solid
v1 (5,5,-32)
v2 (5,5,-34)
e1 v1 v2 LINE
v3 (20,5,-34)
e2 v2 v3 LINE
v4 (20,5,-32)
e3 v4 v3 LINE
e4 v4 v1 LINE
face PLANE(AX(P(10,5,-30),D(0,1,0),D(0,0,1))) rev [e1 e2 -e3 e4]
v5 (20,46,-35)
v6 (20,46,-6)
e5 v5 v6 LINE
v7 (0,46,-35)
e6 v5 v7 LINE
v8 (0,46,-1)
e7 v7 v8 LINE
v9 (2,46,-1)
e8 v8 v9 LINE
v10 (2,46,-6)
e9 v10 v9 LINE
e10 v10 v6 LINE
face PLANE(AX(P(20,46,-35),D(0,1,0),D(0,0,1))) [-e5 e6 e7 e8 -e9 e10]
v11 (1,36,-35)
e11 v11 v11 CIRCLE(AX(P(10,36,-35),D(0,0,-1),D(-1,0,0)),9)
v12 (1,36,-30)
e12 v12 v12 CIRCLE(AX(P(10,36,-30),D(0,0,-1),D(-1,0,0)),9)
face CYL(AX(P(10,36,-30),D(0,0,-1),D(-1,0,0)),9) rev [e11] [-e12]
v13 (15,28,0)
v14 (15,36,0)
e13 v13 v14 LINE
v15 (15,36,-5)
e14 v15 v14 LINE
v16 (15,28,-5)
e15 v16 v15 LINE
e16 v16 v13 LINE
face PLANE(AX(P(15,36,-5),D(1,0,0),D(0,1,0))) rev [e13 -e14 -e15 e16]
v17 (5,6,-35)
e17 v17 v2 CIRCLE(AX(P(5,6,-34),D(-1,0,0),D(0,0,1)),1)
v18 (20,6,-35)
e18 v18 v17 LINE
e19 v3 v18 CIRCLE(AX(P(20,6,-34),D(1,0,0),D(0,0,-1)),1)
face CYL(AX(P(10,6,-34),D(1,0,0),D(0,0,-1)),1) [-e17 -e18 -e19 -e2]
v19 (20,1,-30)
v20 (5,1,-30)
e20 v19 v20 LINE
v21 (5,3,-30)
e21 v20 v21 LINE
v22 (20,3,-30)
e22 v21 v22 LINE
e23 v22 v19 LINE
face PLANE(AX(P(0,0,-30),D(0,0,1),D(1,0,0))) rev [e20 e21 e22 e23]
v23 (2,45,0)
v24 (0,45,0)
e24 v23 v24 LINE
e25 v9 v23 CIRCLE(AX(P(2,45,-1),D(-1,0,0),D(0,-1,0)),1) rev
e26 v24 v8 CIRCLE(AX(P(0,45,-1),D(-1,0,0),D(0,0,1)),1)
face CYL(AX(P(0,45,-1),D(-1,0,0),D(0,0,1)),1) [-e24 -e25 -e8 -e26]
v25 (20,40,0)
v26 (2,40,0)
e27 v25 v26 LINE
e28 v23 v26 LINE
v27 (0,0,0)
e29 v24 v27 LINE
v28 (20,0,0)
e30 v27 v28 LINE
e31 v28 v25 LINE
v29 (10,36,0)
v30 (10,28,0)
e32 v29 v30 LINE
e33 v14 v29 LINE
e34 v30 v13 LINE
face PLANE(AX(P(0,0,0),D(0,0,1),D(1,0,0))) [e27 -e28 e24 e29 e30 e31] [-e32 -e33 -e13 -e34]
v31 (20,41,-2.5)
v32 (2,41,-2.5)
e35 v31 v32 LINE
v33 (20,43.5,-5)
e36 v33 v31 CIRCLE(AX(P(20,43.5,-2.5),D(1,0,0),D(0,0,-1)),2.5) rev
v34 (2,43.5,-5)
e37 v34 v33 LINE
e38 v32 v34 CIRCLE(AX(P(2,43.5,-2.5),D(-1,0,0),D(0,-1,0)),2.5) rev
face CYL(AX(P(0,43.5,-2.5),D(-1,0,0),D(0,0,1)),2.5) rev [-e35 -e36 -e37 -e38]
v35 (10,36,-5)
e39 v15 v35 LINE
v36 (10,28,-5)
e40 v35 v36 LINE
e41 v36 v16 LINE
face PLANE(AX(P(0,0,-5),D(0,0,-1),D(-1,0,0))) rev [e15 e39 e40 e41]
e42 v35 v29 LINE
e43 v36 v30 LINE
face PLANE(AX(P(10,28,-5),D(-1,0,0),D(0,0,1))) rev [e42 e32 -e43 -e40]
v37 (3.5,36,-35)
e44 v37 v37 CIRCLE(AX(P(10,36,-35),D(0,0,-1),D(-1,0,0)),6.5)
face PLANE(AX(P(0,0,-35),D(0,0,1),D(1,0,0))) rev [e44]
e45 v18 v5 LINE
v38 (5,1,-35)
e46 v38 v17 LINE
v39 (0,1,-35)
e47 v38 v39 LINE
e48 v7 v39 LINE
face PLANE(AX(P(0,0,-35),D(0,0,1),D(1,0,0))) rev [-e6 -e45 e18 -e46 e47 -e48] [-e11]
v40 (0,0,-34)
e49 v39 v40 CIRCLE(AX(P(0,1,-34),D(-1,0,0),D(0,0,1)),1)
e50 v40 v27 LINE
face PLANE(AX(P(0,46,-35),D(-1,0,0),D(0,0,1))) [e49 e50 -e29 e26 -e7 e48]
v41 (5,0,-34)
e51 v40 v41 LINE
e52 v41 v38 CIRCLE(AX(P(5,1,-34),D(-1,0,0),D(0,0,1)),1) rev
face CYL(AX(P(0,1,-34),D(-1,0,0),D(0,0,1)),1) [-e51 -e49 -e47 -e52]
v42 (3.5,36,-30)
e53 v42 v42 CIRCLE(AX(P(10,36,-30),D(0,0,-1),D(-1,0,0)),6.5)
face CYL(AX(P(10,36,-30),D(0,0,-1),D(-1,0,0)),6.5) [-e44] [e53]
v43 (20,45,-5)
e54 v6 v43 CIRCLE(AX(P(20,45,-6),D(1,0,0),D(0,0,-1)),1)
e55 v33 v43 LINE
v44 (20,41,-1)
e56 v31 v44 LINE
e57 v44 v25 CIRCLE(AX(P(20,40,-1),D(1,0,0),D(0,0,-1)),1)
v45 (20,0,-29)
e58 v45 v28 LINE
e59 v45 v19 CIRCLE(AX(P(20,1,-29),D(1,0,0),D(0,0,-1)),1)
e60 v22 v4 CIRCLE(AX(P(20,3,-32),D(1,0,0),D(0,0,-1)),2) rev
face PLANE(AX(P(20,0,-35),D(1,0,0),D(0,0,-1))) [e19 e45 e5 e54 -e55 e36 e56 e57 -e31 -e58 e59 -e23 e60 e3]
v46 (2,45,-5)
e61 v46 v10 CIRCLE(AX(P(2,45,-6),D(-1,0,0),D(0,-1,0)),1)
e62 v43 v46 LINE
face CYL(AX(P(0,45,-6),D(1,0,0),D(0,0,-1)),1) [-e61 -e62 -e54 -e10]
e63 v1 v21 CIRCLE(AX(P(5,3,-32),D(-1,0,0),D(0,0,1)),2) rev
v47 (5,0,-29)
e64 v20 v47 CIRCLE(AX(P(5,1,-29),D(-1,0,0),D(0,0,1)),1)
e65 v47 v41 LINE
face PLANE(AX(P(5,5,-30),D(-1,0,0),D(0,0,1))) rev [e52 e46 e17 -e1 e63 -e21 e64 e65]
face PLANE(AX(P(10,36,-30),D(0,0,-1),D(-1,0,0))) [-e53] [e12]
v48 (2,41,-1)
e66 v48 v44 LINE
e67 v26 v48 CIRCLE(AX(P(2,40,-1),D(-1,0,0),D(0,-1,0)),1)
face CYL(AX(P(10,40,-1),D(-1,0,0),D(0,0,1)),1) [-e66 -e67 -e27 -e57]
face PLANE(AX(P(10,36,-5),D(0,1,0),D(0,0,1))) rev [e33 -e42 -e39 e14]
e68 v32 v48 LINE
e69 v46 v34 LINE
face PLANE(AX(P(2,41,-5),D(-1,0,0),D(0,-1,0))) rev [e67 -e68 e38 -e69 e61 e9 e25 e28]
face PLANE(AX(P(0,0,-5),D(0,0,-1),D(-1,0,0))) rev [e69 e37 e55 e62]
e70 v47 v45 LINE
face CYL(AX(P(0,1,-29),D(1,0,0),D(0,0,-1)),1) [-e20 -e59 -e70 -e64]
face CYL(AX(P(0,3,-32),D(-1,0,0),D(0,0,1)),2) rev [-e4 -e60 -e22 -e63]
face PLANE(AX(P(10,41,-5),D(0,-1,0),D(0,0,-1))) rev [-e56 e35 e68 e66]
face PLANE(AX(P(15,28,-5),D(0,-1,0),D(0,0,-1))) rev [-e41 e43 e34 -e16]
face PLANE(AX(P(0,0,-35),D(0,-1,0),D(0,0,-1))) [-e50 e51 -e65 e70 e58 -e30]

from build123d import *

# Parameters (mm, degrees)
SKETCH1_W           = 20
SKETCH1_H           = 46
BOSS_EXTRUDE1_DEPTH = 35
SKETCH2_W           = 5
SKETCH2_H           = 8
CUT_EXTRUDE1_DEPTH  = 5
FILLET1_R           = 2.5
FILLET2_R           = 1
FILLET3_R           = 1
SKETCH3_R           = 9
SKETCH3_R_2         = 6.5
CUT_EXTRUDE2_DEPTH  = 5
FILLET4_R           = 2
FILLET5_R           = 1


with BuildPart() as part:
    # Sketch1 → Boss-Extrude1 (new body)
    with BuildSketch(Plane.XY):
        with Locations((10, 23)):
            Rectangle(SKETCH1_W, SKETCH1_H)
    extrude(amount=-BOSS_EXTRUDE1_DEPTH)

    # Sketch2 → Cut-Extrude1 (cut)
    with BuildSketch(Plane.XY):
        Polygon((10, 41), (2, 41), (2, 46), (20, 46), (20, 41), align=None)
        with Locations((12.5, 32)):
            Rectangle(SKETCH2_W, SKETCH2_H)
    extrude(amount=-CUT_EXTRUDE1_DEPTH, mode=Mode.SUBTRACT)

    # Fillet1
    fillet1_edges = [part.edges().sort_by_distance(p)[0] for p in [
        (11, 41, -5),
    ]]
    fillet(fillet1_edges, radius=FILLET1_R)

    # Fillet2
    fillet2_edges = [part.edges().sort_by_distance(p)[0] for p in [
        (1, 46, 0),
    ]]
    fillet(fillet2_edges, radius=FILLET2_R)

    # Fillet3
    fillet3_edges = [part.edges().sort_by_distance(p)[0] for p in [
        (11, 46, -5),
        (11, 41, 0),
    ]]
    fillet(fillet3_edges, radius=FILLET3_R)

    # Sketch3 → Cut-Extrude2 (cut)
    with BuildSketch(Plane(origin=(0, 0, -35), x_dir=(-1, 0, 0), z_dir=(0, 0, -1))):
        with Locations((-10, 36)):
            Circle(SKETCH3_R)
        with Locations((-10, 36)):
            Circle(SKETCH3_R_2, mode=Mode.SUBTRACT)
        Polygon((-10, 5), (-20, 5), (-20, 0), (-5, 0), (-5, 5), align=None)
    extrude(amount=-CUT_EXTRUDE2_DEPTH, mode=Mode.SUBTRACT)

    # Fillet4
    fillet4_edges = [part.edges().sort_by_distance(p)[0] for p in [
        (12.5, 5, -30),
    ]]
    fillet(fillet4_edges, radius=FILLET4_R)

    # Fillet5
    fillet5_edges = [part.edges().sort_by_distance(p)[0] for p in [
        (12.5, 0, -30),
        (12.5, 5, -35),
        (2.5, 0, -35),
    ]]
    fillet(fillet5_edges, radius=FILLET5_R)


solid = part.part
